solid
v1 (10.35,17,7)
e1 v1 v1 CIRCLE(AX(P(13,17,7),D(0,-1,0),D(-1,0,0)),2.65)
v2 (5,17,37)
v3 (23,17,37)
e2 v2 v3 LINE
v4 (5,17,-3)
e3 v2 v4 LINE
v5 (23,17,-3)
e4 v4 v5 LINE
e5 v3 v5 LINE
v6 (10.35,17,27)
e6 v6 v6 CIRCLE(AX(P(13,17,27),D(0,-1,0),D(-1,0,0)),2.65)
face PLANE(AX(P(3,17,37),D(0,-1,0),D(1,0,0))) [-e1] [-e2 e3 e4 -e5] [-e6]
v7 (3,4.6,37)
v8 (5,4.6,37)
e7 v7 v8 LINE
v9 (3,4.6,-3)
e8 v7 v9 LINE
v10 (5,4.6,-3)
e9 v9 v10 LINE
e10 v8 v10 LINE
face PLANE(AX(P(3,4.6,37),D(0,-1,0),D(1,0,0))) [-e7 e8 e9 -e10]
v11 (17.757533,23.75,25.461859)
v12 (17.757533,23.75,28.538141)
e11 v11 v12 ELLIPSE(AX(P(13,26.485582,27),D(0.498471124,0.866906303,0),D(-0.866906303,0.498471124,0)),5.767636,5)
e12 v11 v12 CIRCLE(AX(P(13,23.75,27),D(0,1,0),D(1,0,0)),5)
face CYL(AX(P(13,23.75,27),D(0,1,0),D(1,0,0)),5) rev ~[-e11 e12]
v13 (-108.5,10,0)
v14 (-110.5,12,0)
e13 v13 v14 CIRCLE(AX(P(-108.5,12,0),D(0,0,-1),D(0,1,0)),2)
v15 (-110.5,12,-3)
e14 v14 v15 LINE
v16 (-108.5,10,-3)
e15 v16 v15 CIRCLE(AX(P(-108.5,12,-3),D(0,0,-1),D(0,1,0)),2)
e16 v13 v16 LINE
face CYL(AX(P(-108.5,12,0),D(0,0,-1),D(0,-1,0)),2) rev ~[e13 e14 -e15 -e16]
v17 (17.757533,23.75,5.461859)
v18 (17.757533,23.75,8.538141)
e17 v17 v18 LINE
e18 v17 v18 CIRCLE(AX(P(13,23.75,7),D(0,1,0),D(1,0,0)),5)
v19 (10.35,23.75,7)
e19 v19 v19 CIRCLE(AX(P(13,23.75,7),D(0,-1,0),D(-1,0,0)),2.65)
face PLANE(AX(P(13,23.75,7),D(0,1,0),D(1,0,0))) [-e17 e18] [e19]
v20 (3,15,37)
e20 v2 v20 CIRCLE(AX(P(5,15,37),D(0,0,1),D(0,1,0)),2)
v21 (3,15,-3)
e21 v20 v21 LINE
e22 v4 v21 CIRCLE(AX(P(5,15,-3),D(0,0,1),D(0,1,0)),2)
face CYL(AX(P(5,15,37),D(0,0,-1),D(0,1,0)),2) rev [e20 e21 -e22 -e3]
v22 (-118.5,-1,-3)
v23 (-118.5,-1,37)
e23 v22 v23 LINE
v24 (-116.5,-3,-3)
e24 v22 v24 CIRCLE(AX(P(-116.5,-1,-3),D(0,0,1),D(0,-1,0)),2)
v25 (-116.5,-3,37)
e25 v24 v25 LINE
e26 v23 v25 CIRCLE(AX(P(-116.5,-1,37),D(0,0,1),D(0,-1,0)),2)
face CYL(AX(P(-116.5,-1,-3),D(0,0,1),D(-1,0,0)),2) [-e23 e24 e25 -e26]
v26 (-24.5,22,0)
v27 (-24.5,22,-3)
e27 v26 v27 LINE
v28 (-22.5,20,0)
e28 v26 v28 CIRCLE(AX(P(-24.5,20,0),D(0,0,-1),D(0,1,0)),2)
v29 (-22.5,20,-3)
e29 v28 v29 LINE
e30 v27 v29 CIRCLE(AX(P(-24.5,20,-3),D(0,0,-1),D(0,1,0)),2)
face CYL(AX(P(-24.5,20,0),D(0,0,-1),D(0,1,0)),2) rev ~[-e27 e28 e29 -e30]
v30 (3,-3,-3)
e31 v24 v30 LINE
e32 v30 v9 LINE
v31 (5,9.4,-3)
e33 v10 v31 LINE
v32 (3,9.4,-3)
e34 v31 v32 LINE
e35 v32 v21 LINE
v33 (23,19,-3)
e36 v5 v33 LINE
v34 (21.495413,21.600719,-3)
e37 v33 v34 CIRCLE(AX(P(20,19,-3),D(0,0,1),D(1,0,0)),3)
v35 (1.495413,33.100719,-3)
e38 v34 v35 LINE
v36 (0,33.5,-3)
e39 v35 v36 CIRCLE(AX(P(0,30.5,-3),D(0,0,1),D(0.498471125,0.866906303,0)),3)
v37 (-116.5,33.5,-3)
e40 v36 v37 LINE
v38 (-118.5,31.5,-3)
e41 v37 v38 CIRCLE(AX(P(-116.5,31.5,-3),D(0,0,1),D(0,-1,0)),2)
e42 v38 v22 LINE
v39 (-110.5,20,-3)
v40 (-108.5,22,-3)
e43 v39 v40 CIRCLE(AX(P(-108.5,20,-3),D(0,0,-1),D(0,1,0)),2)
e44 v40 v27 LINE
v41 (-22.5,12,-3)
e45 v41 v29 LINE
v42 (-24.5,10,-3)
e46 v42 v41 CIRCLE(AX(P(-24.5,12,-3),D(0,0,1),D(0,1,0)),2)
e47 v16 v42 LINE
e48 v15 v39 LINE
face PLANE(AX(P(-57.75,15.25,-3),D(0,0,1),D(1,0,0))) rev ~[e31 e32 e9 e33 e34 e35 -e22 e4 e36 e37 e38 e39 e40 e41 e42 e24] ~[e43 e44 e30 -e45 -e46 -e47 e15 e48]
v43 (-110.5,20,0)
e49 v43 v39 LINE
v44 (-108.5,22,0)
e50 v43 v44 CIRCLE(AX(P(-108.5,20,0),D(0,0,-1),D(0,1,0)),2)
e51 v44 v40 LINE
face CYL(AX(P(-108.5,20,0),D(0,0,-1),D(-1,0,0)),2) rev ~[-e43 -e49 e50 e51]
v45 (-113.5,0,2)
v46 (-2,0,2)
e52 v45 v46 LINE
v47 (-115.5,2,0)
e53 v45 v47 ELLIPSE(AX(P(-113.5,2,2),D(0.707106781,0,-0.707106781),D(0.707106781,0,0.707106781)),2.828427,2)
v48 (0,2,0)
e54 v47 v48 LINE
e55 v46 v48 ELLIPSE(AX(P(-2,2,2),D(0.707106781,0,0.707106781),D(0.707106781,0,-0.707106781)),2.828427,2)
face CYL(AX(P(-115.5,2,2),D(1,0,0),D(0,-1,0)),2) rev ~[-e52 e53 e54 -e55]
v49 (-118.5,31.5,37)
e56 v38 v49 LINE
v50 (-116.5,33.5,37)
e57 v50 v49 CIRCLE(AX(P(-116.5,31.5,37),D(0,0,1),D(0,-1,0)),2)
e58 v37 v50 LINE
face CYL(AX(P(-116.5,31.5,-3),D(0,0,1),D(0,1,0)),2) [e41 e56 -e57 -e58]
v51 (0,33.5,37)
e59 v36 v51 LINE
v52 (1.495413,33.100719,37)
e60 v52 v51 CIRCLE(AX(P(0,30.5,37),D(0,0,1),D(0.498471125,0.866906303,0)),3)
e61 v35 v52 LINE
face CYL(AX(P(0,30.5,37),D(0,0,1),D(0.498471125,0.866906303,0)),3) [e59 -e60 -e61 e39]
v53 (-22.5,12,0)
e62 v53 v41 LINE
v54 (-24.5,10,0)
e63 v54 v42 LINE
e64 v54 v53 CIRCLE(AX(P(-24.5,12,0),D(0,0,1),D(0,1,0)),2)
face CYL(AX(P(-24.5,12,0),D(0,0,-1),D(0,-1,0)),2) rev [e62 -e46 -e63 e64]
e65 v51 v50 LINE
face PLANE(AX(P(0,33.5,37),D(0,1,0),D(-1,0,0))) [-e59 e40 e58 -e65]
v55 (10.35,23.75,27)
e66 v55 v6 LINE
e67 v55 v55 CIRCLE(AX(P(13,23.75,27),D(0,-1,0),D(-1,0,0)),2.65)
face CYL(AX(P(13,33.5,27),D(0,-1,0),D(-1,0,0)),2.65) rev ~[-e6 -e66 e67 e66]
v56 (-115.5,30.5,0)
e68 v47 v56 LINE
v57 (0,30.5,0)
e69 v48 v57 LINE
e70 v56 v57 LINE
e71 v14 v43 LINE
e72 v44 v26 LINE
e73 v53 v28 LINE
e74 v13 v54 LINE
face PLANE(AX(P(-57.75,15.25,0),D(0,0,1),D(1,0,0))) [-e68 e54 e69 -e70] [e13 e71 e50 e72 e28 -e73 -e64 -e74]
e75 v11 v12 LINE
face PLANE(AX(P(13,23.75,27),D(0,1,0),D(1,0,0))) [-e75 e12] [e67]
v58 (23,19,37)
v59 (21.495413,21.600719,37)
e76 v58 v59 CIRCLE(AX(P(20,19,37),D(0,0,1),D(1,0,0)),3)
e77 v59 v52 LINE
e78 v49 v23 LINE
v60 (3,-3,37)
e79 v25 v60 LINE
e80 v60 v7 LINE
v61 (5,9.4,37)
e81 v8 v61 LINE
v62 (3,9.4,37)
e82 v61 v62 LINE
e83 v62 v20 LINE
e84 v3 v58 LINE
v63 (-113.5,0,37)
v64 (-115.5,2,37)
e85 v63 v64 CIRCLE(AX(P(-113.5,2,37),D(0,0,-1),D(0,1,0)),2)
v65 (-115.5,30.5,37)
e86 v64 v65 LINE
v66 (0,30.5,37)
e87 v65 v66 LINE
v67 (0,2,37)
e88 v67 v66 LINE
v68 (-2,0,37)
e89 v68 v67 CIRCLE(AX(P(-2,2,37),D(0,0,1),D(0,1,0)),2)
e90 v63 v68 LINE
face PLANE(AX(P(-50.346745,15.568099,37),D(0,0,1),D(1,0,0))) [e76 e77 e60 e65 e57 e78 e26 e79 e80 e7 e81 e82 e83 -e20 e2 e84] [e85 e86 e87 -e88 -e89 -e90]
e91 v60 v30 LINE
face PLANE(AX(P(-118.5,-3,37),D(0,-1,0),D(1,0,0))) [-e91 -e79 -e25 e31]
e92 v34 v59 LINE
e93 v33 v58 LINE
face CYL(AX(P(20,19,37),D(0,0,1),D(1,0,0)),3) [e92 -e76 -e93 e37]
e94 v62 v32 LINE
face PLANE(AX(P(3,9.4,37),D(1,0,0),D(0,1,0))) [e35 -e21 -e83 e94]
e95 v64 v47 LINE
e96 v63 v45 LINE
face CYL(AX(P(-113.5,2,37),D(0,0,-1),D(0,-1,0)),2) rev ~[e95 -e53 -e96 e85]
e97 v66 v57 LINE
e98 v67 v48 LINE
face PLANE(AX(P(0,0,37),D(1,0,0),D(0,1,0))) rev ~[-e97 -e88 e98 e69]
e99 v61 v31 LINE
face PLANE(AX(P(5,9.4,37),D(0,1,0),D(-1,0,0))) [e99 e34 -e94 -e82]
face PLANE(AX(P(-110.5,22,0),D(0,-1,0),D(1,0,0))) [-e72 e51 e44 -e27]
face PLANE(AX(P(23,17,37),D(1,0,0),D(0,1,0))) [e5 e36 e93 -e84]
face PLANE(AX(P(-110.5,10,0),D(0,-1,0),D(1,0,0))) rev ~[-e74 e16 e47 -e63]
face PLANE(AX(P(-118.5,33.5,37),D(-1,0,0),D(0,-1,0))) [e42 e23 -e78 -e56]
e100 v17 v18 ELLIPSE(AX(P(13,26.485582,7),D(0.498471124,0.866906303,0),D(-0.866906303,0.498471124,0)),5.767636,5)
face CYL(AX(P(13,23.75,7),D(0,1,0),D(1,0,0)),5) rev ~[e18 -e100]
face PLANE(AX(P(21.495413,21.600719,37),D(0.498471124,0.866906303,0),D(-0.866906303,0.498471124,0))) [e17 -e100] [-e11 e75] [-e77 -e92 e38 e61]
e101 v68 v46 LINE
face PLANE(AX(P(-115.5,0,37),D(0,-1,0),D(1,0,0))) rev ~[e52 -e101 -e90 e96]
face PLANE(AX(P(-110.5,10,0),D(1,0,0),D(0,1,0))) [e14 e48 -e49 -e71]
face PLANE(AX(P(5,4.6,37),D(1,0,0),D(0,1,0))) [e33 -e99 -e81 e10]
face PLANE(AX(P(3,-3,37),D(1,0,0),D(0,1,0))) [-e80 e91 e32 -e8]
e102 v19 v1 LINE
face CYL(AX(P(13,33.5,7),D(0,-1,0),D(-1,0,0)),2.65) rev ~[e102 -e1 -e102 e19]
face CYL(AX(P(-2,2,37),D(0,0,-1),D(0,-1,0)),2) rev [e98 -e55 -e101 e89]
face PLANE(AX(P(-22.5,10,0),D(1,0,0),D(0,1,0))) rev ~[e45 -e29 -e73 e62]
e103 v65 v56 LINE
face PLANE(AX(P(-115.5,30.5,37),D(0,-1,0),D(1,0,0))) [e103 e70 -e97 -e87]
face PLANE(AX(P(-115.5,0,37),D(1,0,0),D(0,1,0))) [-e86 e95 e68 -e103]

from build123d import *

# Parameters (mm, degrees)
SKETCH1_W                      = 115.5
SKETCH1_H                      = 30.5
SKETCH1_W_2                    = 88
SKETCH1_H_2                    = 12
BOSS_EXTRUDE1_DEPTH            = 3
BOSS_EXTRUDE2_START            = 37
SKETCH1_3_W                    = 115.5
SKETCH1_3_H                    = 30.5
BOSS_EXTRUDE2_DEPTH            = 37
CBORE_FOR_M5_SHCS1_D           = 5.3
CBORE_FOR_M5_SHCS1_CBORE_D     = 10
CBORE_FOR_M5_SHCS1_CBORE_DEPTH = 9.75
FILLET1_R                      = 2


with BuildPart() as part:
    # Sketch1 → Boss-Extrude1 (new body)
    # profile 1 of 2: a face of its own
    with BuildSketch(Plane.XY):
        with BuildLine():
            Line((23, 17), (23, 19))
            ThreePointArc((23, 19), (22.596751829, 20.502291563), (21.495413373, 21.600718909))
            Line((21.495413373, 21.600718909), (1.495413373, 33.100718909))
            ThreePointArc((1.495413373, 33.100718909), (0.773900275, 33.398461379), (0, 33.5))
            Line((0, 33.5), (-118.5, 33.5))
            Line((-118.5, 33.5), (-118.5, -3))
            Line((-118.5, -3), (3, -3))
            Line((3, -3), (3, 4.6))
            Line((3, 4.6), (5, 4.6))
            Line((5, 4.6), (5, 9.4))
            Line((5, 9.4), (3, 9.4))
            Line((3, 9.4), (3, 17))
            Line((3, 17), (23, 17))
        make_face()
        with Locations((-57.75, 15.25)):
            Rectangle(SKETCH1_W, SKETCH1_H, mode=Mode.SUBTRACT)
    # profile 2 of 2: a face of its own
    with BuildSketch(Plane.XY):
        with Locations((-57.75, 15.25)):
            Rectangle(SKETCH1_W, SKETCH1_H)
        with Locations((-66.5, 16)):
            Rectangle(SKETCH1_W_2, SKETCH1_H_2, mode=Mode.SUBTRACT)
    extrude(amount=-BOSS_EXTRUDE1_DEPTH)

    # Sketch1<3> → Boss-Extrude2 (add)
    with BuildSketch(Plane.XY.offset(BOSS_EXTRUDE2_START)):
        with BuildLine():
            Line((23, 17), (23, 19))
            ThreePointArc((23, 19), (22.596751829, 20.502291563), (21.495413373, 21.600718909))
            Line((21.495413373, 21.600718909), (1.495413373, 33.100718909))
            ThreePointArc((1.495413373, 33.100718909), (0.773900275, 33.398461379), (0, 33.5))
            Line((0, 33.5), (-118.5, 33.5))
            Line((-118.5, 33.5), (-118.5, -3))
            Line((-118.5, -3), (3, -3))
            Line((3, -3), (3, 4.6))
            Line((3, 4.6), (5, 4.6))
            Line((5, 4.6), (5, 9.4))
            Line((5, 9.4), (3, 9.4))
            Line((3, 9.4), (3, 17))
            Line((3, 17), (23, 17))
        make_face()
        with Locations((-57.75, 15.25)):
            Rectangle(SKETCH1_3_W, SKETCH1_3_H, mode=Mode.SUBTRACT)
    extrude(amount=-BOSS_EXTRUDE2_DEPTH)

    # CBORE for M5 SHCS1 (through all)
    with Locations(Plane(origin=(0, 33.5, 0), x_dir=(1, 0, 0), z_dir=(0, 1, 0))):
        with Locations((13, -27), (13, -7)):
            CounterBoreHole(CBORE_FOR_M5_SHCS1_D / 2, CBORE_FOR_M5_SHCS1_CBORE_D / 2, CBORE_FOR_M5_SHCS1_CBORE_DEPTH)

    # Fillet1
    fillet1_edges = [part.edges().sort_by_distance(p)[0] for p in [
        (-22.5, 22, -1.5),
        (-110.5, 22, -1.5),
        (-110.5, 10, -1.5),
        (-22.5, 10, -1.5),
        (3, 17, 17),
        (-118.5, -3, 17),
        (-118.5, 33.5, 17),
        (0, 0, 18.5),
        (-57.75, 0, 0),
        (-115.5, 0, 18.5),
    ]]
    fillet(fillet1_edges, radius=FILLET1_R)


solid = part.part
